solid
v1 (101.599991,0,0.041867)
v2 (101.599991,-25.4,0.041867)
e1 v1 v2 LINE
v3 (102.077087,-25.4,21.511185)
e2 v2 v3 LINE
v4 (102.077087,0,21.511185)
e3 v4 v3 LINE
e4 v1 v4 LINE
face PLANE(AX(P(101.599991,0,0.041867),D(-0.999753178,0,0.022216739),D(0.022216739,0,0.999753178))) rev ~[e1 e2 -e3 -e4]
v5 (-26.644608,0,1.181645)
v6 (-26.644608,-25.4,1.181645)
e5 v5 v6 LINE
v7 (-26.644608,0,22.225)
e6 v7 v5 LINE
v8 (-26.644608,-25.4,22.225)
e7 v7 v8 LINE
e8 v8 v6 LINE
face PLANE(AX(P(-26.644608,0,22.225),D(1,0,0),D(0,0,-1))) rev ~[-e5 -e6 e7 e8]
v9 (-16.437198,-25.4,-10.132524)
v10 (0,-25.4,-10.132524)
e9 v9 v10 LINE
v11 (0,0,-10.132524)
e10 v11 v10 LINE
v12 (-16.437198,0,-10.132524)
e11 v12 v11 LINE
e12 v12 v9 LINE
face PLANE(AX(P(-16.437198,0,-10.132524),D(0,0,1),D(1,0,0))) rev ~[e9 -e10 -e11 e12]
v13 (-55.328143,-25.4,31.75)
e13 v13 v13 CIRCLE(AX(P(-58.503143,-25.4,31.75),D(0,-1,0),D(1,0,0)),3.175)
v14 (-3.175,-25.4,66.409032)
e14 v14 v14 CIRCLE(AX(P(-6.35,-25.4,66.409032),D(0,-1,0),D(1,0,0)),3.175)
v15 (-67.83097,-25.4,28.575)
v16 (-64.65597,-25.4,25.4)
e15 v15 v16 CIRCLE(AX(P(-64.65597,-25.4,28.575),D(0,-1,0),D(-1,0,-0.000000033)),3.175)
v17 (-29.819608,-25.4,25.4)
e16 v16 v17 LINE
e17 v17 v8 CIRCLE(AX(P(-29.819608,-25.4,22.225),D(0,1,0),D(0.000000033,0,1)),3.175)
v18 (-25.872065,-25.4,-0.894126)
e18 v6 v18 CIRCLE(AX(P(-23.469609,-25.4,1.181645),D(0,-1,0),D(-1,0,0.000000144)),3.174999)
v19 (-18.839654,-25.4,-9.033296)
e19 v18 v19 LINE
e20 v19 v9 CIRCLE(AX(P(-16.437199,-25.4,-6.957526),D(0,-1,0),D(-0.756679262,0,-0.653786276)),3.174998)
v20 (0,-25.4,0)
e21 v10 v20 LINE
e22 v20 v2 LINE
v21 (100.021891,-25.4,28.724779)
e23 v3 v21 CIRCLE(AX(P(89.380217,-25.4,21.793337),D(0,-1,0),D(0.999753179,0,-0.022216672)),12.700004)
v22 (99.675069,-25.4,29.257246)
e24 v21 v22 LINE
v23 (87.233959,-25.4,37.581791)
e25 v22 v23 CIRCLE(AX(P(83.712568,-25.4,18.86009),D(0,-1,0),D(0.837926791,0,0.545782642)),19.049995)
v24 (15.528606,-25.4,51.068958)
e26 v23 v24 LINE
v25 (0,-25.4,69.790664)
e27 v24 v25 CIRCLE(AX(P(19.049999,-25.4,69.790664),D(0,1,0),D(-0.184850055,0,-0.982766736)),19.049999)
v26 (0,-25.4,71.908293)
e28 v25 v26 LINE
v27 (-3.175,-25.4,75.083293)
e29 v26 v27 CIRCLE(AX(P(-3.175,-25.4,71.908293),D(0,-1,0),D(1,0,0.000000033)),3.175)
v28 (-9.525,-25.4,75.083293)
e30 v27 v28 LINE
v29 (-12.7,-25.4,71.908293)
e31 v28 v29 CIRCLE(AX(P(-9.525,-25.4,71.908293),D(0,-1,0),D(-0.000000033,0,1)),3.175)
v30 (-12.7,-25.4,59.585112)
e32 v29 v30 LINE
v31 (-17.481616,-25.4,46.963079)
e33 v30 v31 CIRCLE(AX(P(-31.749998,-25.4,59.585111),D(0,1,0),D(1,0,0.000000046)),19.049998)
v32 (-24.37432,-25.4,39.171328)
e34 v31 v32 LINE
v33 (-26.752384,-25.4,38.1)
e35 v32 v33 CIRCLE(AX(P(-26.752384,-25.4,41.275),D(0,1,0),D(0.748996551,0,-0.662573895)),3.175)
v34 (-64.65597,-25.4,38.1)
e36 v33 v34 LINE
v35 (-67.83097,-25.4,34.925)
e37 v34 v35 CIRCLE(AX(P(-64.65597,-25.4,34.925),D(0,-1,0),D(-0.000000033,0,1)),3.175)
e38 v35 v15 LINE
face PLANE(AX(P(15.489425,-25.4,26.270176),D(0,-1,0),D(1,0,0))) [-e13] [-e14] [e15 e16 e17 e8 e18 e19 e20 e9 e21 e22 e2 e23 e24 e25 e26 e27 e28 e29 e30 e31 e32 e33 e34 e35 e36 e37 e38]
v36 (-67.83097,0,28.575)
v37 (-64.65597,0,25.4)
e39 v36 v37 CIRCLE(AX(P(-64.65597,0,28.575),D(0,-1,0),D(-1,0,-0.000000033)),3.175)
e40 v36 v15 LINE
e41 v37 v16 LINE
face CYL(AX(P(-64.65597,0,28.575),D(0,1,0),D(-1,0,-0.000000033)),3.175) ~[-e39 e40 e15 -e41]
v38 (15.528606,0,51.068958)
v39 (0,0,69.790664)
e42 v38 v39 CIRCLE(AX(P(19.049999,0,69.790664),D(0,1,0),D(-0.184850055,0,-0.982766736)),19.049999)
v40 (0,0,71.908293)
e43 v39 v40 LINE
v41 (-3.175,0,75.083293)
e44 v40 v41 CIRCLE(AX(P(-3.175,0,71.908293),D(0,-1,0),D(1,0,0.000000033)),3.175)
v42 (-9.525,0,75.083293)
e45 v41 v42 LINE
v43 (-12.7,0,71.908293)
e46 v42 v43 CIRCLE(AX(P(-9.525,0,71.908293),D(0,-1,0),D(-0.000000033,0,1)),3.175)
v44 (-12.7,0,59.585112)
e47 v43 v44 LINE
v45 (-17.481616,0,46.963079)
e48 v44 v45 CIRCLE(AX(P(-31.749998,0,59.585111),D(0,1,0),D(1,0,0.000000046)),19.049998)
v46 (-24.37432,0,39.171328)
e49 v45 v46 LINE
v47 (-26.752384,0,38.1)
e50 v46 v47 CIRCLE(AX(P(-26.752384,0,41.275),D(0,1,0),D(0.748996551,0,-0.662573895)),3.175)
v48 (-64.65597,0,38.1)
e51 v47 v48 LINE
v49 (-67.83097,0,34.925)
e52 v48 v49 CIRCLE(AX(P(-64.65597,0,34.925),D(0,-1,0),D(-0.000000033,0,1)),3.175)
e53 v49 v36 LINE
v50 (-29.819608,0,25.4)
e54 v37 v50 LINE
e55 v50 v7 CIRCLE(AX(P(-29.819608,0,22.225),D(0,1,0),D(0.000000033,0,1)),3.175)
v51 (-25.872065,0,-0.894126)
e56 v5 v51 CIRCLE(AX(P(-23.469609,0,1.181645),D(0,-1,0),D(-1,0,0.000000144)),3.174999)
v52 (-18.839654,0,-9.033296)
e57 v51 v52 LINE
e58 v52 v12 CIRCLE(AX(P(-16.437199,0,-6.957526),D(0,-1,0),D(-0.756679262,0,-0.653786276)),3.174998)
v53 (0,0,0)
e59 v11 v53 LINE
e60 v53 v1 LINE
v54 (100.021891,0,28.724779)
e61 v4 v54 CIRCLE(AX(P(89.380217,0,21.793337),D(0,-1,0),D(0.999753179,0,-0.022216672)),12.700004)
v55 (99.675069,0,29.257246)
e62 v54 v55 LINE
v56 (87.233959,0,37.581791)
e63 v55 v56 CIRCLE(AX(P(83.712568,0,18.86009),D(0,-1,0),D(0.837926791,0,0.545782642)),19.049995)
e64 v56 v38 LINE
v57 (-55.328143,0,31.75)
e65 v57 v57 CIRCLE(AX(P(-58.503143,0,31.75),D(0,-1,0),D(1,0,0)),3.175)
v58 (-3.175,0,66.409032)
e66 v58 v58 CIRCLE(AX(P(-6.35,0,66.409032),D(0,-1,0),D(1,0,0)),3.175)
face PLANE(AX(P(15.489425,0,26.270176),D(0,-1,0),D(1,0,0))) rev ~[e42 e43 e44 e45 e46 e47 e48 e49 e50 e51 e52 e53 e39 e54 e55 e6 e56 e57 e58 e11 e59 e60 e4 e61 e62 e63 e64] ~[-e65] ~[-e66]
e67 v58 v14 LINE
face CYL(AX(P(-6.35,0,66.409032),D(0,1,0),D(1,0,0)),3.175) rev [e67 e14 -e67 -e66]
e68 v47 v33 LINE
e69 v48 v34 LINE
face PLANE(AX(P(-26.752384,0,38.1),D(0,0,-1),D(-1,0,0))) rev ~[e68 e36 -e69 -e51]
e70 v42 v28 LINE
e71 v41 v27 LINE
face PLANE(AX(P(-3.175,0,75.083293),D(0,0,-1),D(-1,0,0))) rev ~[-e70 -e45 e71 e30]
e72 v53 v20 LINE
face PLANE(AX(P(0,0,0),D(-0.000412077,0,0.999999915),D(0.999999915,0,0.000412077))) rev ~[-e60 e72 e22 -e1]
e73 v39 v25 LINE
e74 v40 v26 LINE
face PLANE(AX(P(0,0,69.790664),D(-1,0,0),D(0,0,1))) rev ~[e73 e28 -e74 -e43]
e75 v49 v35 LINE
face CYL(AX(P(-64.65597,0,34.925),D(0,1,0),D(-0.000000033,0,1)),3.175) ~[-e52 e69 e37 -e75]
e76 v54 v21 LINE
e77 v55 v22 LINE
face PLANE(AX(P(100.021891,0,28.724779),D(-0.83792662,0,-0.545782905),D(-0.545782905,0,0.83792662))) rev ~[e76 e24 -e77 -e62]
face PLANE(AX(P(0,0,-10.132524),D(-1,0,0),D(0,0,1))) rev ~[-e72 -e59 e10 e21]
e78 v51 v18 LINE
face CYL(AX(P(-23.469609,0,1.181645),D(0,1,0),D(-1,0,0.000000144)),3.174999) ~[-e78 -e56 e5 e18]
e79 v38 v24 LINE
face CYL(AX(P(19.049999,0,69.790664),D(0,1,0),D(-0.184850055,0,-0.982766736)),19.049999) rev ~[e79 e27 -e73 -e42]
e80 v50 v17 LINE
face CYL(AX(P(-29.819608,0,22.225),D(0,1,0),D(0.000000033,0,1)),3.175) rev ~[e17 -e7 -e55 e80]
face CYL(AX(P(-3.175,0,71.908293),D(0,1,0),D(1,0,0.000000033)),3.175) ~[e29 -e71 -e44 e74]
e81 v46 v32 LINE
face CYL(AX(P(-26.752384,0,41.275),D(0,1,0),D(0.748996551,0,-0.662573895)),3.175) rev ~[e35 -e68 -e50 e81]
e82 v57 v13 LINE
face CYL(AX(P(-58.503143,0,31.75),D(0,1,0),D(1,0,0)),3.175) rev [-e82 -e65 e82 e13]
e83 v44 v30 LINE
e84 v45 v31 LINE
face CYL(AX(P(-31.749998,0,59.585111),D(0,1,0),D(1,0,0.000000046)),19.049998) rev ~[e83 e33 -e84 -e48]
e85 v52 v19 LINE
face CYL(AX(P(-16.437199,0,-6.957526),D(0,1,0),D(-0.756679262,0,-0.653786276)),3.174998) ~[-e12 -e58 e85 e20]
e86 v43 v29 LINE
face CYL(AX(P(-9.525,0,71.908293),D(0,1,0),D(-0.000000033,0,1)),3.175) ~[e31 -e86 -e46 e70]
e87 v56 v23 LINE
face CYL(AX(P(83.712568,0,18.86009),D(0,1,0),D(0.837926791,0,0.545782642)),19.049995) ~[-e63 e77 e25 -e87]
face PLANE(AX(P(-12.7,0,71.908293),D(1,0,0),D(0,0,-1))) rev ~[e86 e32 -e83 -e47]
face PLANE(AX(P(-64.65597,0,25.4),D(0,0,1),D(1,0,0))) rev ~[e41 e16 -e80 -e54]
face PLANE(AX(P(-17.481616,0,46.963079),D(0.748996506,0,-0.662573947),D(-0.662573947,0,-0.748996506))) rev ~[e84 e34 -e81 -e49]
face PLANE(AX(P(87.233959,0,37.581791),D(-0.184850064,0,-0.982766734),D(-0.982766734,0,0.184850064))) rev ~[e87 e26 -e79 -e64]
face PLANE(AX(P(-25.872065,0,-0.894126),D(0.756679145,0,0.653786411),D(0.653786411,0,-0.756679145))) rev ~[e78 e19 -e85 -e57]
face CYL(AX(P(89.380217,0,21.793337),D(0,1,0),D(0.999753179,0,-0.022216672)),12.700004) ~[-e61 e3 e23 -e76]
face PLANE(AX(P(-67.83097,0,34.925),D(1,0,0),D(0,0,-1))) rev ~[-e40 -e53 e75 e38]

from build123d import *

# Parameters (mm, degrees)
F0_R     = 3.175
F1_DEPTH = 25.4


with BuildPart() as f1:
    # F0 (on Front) → F1 (new body)
    with BuildSketch(Plane.XZ):
        with BuildLine():
            Line((0, -10.132524), (0, 0))
            Line((0, 0), (101.599991, 0.041867))
            Line((101.599991, 0.041867), (102.077087, 21.511185))
            ThreePointArc((102.077087, 21.511185), (101.59418, 25.273168), (100.021891, 28.724779))
            Line((100.021891, 28.724779), (99.675069, 29.257246))
            ThreePointArc((99.675069, 29.257246), (94.306435, 34.692723), (87.233959, 37.581791))
            Line((87.233959, 37.581791), (15.528606, 51.068958))
            ThreePointArc((15.528606, 51.068958), (4.387377, 57.628839), (0, 69.790664))
            Line((0, 69.790664), (0, 71.908293))
            ThreePointArc((0, 71.908293), (-0.929936, 74.153357), (-3.175, 75.083293))
            Line((-3.175, 75.083293), (-9.525, 75.083293))
            ThreePointArc((-9.525, 75.083293), (-11.770064, 74.153357), (-12.7, 71.908293))
            Line((-12.7, 71.908293), (-12.7, 59.585112))
            ThreePointArc((-12.7, 59.585112), (-13.935466, 52.836417), (-17.481616, 46.963079))
            Line((-17.481616, 46.963079), (-24.37432, 39.171328))
            ThreePointArc((-24.37432, 39.171328), (-25.448262, 38.380196), (-26.752384, 38.1))
            Line((-26.752384, 38.1), (-64.65597, 38.1))
            ThreePointArc((-64.65597, 38.1), (-66.901034, 37.170064), (-67.83097, 34.925))
            Line((-67.83097, 34.925), (-67.83097, 28.575))
            ThreePointArc((-67.83097, 28.575), (-66.901034, 26.329936), (-64.65597, 25.4))
            Line((-64.65597, 25.4), (-29.819608, 25.4))
            ThreePointArc((-29.819608, 25.4), (-27.574544, 24.470064), (-26.644608, 22.225))
            Line((-26.644608, 22.225), (-26.644608, 1.181645))
            ThreePointArc((-26.644608, 1.181645), (-26.445211, 0.07421), (-25.872065, -0.894126))
            Line((-25.872065, -0.894126), (-18.839654, -9.033296))
            ThreePointArc((-18.839654, -9.033296), (-17.758192, -9.844668), (-16.437198, -10.132524))
            Line((-16.437198, -10.132524), (0, -10.132524))
        make_face()
        with Locations((-58.503143, 31.75)):
            Circle(F0_R, mode=Mode.SUBTRACT)
        with Locations((-6.35, 66.409032)):
            Circle(F0_R, mode=Mode.SUBTRACT)
    extrude(amount=F1_DEPTH)


solid = f1.part
